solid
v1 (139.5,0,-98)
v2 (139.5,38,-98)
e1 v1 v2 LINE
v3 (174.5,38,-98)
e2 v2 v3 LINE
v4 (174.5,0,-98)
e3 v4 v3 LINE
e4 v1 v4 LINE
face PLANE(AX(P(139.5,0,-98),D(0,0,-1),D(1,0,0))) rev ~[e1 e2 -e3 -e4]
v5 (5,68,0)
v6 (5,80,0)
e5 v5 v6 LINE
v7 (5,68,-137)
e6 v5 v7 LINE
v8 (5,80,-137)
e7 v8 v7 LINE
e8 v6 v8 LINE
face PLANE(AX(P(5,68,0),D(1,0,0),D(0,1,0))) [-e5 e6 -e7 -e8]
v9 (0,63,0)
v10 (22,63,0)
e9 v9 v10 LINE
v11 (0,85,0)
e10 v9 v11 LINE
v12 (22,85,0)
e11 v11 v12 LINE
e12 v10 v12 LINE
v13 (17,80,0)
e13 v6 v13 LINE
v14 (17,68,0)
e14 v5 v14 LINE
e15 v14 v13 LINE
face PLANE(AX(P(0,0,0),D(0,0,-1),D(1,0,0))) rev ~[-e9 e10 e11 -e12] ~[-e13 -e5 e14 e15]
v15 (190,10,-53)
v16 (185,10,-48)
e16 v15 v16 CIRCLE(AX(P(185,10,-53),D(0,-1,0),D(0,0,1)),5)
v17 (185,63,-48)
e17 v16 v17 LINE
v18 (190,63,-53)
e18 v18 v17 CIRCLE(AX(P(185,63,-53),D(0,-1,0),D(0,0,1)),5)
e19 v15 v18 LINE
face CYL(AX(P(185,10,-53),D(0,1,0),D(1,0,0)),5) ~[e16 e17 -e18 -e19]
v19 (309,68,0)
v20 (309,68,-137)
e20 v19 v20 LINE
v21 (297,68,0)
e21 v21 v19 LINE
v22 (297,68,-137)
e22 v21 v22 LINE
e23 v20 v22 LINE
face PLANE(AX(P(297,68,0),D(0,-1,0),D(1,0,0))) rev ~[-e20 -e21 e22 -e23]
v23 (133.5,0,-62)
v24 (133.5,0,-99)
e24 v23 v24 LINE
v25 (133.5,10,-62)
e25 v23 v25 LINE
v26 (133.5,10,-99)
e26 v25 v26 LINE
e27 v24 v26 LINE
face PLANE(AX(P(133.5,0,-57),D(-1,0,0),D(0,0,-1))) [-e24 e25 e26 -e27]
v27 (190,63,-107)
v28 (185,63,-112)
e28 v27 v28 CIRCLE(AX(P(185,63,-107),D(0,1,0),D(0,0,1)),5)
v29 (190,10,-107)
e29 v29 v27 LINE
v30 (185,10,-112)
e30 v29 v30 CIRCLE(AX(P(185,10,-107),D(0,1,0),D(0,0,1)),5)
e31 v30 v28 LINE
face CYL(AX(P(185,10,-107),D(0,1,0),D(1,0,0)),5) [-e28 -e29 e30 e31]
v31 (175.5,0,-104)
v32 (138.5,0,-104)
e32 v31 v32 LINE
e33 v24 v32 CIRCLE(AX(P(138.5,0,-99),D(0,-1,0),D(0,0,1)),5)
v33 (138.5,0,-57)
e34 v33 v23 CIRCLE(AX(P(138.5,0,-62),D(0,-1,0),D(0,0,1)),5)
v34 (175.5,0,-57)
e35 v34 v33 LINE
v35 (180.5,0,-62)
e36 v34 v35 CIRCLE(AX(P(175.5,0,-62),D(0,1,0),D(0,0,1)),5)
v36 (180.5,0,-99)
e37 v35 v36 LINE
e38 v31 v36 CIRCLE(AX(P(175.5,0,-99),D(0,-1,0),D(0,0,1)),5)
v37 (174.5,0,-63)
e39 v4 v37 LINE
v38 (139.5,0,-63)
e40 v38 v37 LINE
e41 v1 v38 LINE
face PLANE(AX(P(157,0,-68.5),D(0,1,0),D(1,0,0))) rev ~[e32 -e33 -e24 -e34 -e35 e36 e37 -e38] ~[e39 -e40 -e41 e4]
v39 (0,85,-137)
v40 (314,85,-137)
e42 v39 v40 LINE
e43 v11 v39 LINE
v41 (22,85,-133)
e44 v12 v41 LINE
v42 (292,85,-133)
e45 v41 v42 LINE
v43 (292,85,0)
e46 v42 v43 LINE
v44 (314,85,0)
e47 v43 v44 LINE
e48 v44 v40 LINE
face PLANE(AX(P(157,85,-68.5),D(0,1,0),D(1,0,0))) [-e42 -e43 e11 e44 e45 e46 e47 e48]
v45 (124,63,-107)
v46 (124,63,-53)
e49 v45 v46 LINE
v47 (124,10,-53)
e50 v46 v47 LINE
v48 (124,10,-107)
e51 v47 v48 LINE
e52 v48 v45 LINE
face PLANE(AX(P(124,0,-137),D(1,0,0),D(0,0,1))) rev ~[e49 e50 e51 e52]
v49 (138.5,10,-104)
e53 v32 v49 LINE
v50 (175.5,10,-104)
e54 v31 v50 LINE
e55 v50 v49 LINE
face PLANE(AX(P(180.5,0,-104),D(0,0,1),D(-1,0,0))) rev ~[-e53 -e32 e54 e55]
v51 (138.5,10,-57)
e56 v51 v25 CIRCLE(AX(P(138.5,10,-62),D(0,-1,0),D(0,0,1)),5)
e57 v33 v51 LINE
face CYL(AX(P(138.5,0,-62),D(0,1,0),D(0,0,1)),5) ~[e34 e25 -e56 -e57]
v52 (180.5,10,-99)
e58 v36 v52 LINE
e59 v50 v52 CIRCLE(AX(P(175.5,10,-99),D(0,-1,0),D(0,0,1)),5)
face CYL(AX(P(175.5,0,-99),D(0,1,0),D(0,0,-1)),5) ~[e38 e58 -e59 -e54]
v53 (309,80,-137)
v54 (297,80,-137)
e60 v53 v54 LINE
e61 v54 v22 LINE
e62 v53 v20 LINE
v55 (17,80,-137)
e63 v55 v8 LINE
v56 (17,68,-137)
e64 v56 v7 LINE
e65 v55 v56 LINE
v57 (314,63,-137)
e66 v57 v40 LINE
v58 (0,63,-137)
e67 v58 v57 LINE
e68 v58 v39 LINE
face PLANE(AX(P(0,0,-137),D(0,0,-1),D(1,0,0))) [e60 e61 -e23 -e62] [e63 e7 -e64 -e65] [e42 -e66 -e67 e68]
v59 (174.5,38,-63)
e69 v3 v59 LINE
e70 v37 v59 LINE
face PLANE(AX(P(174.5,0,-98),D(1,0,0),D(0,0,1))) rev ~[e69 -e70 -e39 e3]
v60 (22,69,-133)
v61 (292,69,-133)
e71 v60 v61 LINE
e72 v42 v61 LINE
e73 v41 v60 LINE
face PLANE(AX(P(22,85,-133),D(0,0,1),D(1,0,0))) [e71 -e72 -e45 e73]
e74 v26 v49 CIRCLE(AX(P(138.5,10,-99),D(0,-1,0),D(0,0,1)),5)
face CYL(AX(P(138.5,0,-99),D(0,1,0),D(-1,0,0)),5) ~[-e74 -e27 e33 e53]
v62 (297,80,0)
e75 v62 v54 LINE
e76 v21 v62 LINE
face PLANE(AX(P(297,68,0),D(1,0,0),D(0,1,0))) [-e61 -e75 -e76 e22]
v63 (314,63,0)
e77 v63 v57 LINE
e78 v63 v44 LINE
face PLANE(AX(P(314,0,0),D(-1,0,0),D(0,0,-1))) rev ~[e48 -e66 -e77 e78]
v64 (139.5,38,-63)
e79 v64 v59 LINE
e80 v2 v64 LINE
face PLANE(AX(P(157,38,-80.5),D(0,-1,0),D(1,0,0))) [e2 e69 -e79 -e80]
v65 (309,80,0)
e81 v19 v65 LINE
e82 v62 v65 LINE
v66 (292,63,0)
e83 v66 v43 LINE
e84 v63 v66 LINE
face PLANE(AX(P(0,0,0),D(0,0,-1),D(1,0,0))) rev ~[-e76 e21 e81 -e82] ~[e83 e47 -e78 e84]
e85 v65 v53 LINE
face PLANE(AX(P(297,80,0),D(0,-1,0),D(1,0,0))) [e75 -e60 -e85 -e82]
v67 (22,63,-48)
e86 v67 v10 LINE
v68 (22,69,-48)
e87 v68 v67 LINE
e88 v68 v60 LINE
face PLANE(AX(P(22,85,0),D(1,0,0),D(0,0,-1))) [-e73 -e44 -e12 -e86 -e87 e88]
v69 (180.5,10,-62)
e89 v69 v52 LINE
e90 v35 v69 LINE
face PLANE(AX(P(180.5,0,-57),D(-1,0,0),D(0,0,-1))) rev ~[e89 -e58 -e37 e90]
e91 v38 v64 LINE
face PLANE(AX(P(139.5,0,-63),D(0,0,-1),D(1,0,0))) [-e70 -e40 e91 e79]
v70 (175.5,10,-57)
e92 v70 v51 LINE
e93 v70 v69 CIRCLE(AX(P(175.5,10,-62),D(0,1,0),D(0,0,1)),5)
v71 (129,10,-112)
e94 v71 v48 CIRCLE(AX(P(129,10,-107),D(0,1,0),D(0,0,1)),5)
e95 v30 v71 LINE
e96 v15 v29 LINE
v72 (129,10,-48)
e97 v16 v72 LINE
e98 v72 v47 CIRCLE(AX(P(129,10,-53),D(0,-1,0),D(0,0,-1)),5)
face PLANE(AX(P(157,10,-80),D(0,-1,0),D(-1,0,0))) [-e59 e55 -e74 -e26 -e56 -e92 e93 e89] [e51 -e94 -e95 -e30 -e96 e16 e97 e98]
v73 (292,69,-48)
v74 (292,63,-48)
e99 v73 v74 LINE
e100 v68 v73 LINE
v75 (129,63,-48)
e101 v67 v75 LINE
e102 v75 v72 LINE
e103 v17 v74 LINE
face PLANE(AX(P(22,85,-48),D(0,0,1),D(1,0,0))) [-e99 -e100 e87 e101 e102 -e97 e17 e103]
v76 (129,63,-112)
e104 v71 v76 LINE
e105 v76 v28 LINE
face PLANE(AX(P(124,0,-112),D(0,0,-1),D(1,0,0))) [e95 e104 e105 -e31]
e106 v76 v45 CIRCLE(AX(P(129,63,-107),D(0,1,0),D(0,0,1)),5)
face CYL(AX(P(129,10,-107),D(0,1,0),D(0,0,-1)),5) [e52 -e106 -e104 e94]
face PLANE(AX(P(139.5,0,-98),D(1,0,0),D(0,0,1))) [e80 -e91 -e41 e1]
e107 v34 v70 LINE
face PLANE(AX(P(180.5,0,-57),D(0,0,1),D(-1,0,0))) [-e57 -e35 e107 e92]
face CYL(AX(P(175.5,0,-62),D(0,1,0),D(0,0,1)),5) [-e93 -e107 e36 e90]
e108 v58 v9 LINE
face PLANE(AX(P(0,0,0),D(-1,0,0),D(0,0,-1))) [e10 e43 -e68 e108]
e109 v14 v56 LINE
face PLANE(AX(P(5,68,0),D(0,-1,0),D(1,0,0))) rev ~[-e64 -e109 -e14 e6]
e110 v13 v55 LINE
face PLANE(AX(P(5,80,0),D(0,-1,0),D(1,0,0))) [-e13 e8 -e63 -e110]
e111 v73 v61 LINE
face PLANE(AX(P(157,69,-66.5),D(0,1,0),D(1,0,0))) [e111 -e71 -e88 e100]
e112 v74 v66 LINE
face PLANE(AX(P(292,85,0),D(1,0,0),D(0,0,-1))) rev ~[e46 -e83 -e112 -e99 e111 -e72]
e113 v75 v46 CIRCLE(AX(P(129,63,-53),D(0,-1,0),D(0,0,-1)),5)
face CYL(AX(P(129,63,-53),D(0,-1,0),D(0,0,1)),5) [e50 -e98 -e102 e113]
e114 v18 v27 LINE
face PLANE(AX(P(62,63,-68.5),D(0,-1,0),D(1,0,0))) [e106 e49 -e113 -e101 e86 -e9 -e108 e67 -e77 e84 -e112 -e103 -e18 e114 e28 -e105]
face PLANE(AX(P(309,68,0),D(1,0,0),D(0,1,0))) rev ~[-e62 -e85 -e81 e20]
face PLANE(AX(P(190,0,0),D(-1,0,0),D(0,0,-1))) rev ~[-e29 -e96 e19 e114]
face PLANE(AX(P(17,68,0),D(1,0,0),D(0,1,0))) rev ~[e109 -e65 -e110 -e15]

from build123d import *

# Parameters (mm, degrees)
ESQUISSE1_W             = 314
ESQUISSE1_H             = 137
BOSS_EXTRU_1_DEPTH      = 85
ESQUISSE2_W             = 124
ESQUISSE2_H             = 137
ENL_V_MAT_EXTRU_1_DEPTH = 63
ESQUISSE3_W             = 124
ESQUISSE3_H             = 137
ENL_V_MAT_EXTRU_2_DEPTH = 63
ESQUISSE4_W             = 66
ESQUISSE4_H             = 25
ENL_V_MAT_EXTRU_3_DEPTH = 63
ESQUISSE7_W             = 270
ESQUISSE7_H             = 133
ENL_V_MAT_EXTRU_6_DEPTH = 16
ESQUISSE8_W             = 12
ESQUISSE8_H             = 12
ENL_V_MAT_EXTRU_7_DEPTH = 140
ESQUISSE9_W             = 270
ESQUISSE9_H             = 48
ENL_V_MAT_EXTRU_8_DEPTH = 140
ESQUISSE5_W             = 35
ESQUISSE5_H             = 35
ENL_V_MAT_EXTRU_4_DEPTH = 38
ESQUISSE6_W             = 66
ESQUISSE6_H             = 64
ESQUISSE6_W_2           = 47
ESQUISSE6_H_2           = 47
ENL_V_MAT_EXTRU_5_DEPTH = 10
CONG_1_R                = 5
CONG_2_R                = 5


with BuildPart() as part:
    # Esquisse1 → Boss.-Extru.1 (new body)
    with BuildSketch(Plane(origin=(0, 0, 0), x_dir=(1, 0, 0), z_dir=(0, 1, 0))):
        with Locations((157, 68.5)):
            Rectangle(ESQUISSE1_W, ESQUISSE1_H)
    extrude(amount=BOSS_EXTRU_1_DEPTH)

    # Esquisse2 → Enlèv. mat.-Extru.1 (cut)
    with BuildSketch(Plane.XZ):
        with Locations((62, -68.5)):
            Rectangle(ESQUISSE2_W, ESQUISSE2_H)
    extrude(amount=-ENL_V_MAT_EXTRU_1_DEPTH, mode=Mode.SUBTRACT)

    # Esquisse3 → Enlèv. mat.-Extru.2 (cut)
    with BuildSketch(Plane(origin=(0, 0, 0), x_dir=(-1, 0, 0), z_dir=(0, -1, 0))):
        with Locations((-252, 68.5)):
            Rectangle(ESQUISSE3_W, ESQUISSE3_H)
    extrude(amount=-ENL_V_MAT_EXTRU_2_DEPTH, mode=Mode.SUBTRACT)

    # Esquisse4 → Enlèv. mat.-Extru.3 (cut)
    with BuildSketch(Plane.XZ):
        with Locations((157, -124.5)):
            Rectangle(ESQUISSE4_W, ESQUISSE4_H)
    extrude(amount=-ENL_V_MAT_EXTRU_3_DEPTH, mode=Mode.SUBTRACT)

    # Esquisse7 → Enlèv. mat.-Extru.6 (cut)
    with BuildSketch(Plane(origin=(0, 85, 0), x_dir=(1, 0, 0), z_dir=(0, 1, 0))):
        with Locations((157, 66.5)):
            Rectangle(ESQUISSE7_W, ESQUISSE7_H)
    extrude(amount=-ENL_V_MAT_EXTRU_6_DEPTH, mode=Mode.SUBTRACT)

    # Esquisse8 → Enlèv. mat.-Extru.7 (cut)
    with BuildSketch(Plane.XY):
        with Locations((11, 74)):
            Rectangle(ESQUISSE8_W, ESQUISSE8_H)
        with Locations((303, 74)):
            Rectangle(ESQUISSE8_W, ESQUISSE8_H)
    extrude(amount=-ENL_V_MAT_EXTRU_7_DEPTH, mode=Mode.SUBTRACT)

    # Esquisse9 → Enlèv. mat.-Extru.8 (cut)
    with BuildSketch(Plane(origin=(0, 85, 0), x_dir=(1, 0, 0), z_dir=(0, 1, 0))):
        with Locations((157, 24)):
            Rectangle(ESQUISSE9_W, ESQUISSE9_H)
    extrude(amount=-ENL_V_MAT_EXTRU_8_DEPTH, mode=Mode.SUBTRACT)

    # Esquisse5 → Enlèv. mat.-Extru.4 (cut)
    with BuildSketch(Plane.XZ):
        with Locations((157, -80.5)):
            Rectangle(ESQUISSE5_W, ESQUISSE5_H)
    extrude(amount=-ENL_V_MAT_EXTRU_4_DEPTH, mode=Mode.SUBTRACT)

    # Esquisse6 → Enlèv. mat.-Extru.5 (cut)
    with BuildSketch(Plane(origin=(0, 0, 0), x_dir=(-1, 0, 0), z_dir=(0, -1, 0))):
        with Locations((-157, 80)):
            Rectangle(ESQUISSE6_W, ESQUISSE6_H)
        with Locations((-157, 80.5)):
            Rectangle(ESQUISSE6_W_2, ESQUISSE6_H_2, mode=Mode.SUBTRACT)
    extrude(amount=-ENL_V_MAT_EXTRU_5_DEPTH, mode=Mode.SUBTRACT)

    # Congé1
    cong_1_edges = [part.edges().sort_by_distance(p)[0] for p in [
        (180.5, 5, -57),
        (133.5, 5, -57),
        (133.5, 5, -104),
        (180.5, 5, -104),
    ]]
    fillet(cong_1_edges, radius=CONG_1_R)

    # Congé2
    cong_2_edges = [part.edges().sort_by_distance(p)[0] for p in [
        (190, 36.5, -48),
        (124, 36.5, -48),
        (124, 36.5, -112),
        (190, 36.5, -112),
    ]]
    fillet(cong_2_edges, radius=CONG_2_R)


solid = part.part
